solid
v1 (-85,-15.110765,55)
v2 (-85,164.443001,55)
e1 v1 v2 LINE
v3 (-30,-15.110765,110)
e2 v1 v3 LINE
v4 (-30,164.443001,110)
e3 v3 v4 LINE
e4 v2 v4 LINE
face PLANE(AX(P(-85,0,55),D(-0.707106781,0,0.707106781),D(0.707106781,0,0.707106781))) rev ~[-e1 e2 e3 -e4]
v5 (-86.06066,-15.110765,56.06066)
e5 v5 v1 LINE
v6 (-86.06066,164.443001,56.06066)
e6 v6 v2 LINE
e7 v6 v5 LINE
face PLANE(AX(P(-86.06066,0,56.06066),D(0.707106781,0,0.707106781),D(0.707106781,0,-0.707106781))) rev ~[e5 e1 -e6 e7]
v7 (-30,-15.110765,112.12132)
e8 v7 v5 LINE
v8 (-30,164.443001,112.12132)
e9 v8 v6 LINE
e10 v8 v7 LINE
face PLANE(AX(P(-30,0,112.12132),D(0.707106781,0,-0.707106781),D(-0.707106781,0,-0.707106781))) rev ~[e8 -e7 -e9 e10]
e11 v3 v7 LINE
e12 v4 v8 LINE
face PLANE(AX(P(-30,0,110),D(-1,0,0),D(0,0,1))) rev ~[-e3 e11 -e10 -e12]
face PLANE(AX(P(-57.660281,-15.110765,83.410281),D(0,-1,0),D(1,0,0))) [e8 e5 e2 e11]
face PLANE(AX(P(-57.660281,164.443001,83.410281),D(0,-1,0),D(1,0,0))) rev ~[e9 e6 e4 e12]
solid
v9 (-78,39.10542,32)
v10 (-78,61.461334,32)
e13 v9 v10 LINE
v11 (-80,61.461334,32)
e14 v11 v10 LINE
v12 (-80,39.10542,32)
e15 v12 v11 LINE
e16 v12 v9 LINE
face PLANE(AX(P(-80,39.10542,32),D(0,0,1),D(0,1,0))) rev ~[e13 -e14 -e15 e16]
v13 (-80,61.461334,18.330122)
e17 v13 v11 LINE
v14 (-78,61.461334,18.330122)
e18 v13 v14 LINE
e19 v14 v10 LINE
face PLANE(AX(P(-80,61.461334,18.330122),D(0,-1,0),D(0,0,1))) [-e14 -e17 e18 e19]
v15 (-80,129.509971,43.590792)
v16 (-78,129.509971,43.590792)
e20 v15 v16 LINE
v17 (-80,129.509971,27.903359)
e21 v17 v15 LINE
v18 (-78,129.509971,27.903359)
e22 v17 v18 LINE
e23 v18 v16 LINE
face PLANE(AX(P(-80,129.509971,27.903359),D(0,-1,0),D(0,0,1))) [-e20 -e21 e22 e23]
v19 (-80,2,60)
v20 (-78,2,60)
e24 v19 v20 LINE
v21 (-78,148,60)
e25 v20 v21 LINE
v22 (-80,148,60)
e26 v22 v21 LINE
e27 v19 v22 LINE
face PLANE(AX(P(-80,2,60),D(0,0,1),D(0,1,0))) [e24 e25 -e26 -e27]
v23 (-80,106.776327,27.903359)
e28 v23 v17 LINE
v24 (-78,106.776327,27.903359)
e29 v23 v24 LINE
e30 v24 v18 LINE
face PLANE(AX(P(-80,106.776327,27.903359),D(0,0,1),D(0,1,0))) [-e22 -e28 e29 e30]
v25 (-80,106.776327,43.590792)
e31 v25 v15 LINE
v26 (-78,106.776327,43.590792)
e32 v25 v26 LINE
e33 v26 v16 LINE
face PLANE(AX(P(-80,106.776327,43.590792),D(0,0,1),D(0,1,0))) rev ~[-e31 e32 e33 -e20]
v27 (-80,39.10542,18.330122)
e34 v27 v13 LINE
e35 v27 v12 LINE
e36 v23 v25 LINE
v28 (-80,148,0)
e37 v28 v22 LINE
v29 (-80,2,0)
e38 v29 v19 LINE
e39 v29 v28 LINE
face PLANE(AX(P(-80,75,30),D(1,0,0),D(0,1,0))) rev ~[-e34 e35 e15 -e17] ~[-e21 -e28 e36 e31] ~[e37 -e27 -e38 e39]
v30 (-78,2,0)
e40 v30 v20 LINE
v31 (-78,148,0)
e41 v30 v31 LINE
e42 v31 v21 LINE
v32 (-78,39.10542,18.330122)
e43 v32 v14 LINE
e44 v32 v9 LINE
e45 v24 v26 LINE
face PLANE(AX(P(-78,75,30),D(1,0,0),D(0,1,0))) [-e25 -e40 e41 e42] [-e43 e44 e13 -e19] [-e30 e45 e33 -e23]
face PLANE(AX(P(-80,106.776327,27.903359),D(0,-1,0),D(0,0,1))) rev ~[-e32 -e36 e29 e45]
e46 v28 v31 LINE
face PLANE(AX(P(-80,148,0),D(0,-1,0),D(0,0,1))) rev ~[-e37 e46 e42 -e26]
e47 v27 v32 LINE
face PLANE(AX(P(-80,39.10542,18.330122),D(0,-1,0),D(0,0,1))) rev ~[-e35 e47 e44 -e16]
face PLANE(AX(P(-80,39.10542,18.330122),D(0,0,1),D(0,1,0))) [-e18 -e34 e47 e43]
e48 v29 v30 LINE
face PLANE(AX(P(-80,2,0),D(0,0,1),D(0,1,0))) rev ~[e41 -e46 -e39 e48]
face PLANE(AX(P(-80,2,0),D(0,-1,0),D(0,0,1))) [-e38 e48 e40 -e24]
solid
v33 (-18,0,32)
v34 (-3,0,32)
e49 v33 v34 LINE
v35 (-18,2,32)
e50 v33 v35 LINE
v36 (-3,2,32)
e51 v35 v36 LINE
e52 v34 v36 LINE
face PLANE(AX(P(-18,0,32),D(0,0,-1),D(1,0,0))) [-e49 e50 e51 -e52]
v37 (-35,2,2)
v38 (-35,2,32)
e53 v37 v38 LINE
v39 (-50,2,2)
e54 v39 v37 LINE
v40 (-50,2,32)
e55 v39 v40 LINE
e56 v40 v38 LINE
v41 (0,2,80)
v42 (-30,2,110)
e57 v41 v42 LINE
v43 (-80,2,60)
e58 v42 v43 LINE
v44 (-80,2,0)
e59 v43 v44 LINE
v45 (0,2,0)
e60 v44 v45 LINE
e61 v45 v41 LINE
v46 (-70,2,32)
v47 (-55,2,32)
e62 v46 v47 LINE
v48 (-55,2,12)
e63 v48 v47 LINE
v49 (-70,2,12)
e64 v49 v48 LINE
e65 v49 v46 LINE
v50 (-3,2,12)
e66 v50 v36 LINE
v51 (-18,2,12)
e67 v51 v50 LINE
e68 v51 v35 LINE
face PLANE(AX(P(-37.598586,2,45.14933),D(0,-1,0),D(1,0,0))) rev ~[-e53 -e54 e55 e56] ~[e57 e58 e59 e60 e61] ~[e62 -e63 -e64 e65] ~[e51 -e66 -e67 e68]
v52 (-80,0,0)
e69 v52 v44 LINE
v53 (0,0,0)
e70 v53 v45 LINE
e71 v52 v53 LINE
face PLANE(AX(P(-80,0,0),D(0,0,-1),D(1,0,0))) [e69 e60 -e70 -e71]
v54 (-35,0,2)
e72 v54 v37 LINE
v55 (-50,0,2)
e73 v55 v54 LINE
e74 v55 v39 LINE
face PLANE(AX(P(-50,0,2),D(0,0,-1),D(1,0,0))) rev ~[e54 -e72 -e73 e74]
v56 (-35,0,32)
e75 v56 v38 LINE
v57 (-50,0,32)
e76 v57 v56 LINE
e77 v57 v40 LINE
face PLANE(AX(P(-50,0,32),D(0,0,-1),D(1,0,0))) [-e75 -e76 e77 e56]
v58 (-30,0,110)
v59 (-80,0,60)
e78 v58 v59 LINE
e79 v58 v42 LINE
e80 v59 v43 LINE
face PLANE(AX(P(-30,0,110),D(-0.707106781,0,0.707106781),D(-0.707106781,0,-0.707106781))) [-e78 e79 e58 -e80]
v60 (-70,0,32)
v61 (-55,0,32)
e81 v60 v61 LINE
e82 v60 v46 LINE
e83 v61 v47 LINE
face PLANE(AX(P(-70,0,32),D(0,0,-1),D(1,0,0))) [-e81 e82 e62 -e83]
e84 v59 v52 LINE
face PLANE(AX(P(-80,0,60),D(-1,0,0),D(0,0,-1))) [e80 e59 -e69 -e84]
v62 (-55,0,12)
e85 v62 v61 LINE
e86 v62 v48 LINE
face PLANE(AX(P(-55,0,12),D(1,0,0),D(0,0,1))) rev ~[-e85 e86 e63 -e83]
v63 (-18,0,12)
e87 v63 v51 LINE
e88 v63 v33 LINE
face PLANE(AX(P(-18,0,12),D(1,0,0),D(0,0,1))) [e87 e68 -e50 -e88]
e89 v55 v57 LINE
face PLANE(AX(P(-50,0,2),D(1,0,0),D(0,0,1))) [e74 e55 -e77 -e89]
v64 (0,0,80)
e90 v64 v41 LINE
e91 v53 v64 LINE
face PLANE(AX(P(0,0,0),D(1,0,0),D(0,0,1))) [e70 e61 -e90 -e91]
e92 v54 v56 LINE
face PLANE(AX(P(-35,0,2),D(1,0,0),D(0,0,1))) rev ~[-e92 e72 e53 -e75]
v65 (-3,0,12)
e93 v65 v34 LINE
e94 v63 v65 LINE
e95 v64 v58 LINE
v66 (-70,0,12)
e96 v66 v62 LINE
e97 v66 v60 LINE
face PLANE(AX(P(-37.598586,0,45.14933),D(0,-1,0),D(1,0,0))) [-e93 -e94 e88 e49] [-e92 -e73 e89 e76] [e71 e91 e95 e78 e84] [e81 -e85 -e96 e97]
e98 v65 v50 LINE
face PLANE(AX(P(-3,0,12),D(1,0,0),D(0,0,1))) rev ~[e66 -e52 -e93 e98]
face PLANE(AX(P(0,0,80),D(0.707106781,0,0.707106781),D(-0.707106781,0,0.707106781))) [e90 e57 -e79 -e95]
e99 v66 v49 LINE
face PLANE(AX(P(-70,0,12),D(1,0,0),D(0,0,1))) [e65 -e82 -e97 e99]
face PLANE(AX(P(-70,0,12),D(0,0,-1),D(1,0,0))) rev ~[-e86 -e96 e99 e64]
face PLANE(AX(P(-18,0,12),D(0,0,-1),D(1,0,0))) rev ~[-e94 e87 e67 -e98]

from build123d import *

# Parameters (mm, degrees)
F1_W          = 15
F1_H          = 20
F1_H_2        = 30
F2_DEPTH      = 2
F4_W          = 146
F4_H          = 60
F4_W_2        = 22.3559141159
F4_H_2        = 13.6698782444
F4_W_3        = 22.733643651
F4_H_3        = 15.6874321401
F5_DEPTH      = 2
F7_DEPTH      = 164.4430011511
F7_DEPTH_BACK = 15.1107646525


with BuildPart() as f2:
    # F1 (on Front) → F2 (new body, through all)
    with BuildSketch(Plane.XZ):
        Polygon((-80, 60), (-80, 0), (0, 0), (0, 80), (-30, 110), align=None)
        with Locations((-62.5, 22)):
            Rectangle(F1_W, F1_H, mode=Mode.SUBTRACT)
        with Locations((-42.5, 17)):
            Rectangle(F1_W, F1_H_2, mode=Mode.SUBTRACT)
        with Locations((-10.5, 22)):
            Rectangle(F1_W, F1_H, mode=Mode.SUBTRACT)
    extrude(amount=-F2_DEPTH)


with BuildPart() as f5:
    # F4 (on plane+point) → F5 (new body, through all)
    with BuildSketch(Plane.YZ.offset(-80)):
        with Locations((75, 30)):
            Rectangle(F4_W, F4_H)
        with Locations((50.283376893, 25.1650608778)):
            Rectangle(F4_W_2, F4_H_2, mode=Mode.SUBTRACT)
        with Locations((118.1431487203, 35.7470754534)):
            Rectangle(F4_W_3, F4_H_3, mode=Mode.SUBTRACT)
    extrude(amount=F5_DEPTH)


with BuildPart() as f7:
    # F6 (on Front) → F7 (new body, two sides)
    with BuildSketch(Plane.XZ) as f7_sk:
        Polygon((-30, 110), (-30, 112.1213203436), (-86.0606601718, 56.0606601718), (-85, 55), align=None)
    extrude(amount=-F7_DEPTH)
    extrude(f7_sk.sketch, amount=F7_DEPTH_BACK)


solid = Compound([f2.part, f5.part, f7.part])
